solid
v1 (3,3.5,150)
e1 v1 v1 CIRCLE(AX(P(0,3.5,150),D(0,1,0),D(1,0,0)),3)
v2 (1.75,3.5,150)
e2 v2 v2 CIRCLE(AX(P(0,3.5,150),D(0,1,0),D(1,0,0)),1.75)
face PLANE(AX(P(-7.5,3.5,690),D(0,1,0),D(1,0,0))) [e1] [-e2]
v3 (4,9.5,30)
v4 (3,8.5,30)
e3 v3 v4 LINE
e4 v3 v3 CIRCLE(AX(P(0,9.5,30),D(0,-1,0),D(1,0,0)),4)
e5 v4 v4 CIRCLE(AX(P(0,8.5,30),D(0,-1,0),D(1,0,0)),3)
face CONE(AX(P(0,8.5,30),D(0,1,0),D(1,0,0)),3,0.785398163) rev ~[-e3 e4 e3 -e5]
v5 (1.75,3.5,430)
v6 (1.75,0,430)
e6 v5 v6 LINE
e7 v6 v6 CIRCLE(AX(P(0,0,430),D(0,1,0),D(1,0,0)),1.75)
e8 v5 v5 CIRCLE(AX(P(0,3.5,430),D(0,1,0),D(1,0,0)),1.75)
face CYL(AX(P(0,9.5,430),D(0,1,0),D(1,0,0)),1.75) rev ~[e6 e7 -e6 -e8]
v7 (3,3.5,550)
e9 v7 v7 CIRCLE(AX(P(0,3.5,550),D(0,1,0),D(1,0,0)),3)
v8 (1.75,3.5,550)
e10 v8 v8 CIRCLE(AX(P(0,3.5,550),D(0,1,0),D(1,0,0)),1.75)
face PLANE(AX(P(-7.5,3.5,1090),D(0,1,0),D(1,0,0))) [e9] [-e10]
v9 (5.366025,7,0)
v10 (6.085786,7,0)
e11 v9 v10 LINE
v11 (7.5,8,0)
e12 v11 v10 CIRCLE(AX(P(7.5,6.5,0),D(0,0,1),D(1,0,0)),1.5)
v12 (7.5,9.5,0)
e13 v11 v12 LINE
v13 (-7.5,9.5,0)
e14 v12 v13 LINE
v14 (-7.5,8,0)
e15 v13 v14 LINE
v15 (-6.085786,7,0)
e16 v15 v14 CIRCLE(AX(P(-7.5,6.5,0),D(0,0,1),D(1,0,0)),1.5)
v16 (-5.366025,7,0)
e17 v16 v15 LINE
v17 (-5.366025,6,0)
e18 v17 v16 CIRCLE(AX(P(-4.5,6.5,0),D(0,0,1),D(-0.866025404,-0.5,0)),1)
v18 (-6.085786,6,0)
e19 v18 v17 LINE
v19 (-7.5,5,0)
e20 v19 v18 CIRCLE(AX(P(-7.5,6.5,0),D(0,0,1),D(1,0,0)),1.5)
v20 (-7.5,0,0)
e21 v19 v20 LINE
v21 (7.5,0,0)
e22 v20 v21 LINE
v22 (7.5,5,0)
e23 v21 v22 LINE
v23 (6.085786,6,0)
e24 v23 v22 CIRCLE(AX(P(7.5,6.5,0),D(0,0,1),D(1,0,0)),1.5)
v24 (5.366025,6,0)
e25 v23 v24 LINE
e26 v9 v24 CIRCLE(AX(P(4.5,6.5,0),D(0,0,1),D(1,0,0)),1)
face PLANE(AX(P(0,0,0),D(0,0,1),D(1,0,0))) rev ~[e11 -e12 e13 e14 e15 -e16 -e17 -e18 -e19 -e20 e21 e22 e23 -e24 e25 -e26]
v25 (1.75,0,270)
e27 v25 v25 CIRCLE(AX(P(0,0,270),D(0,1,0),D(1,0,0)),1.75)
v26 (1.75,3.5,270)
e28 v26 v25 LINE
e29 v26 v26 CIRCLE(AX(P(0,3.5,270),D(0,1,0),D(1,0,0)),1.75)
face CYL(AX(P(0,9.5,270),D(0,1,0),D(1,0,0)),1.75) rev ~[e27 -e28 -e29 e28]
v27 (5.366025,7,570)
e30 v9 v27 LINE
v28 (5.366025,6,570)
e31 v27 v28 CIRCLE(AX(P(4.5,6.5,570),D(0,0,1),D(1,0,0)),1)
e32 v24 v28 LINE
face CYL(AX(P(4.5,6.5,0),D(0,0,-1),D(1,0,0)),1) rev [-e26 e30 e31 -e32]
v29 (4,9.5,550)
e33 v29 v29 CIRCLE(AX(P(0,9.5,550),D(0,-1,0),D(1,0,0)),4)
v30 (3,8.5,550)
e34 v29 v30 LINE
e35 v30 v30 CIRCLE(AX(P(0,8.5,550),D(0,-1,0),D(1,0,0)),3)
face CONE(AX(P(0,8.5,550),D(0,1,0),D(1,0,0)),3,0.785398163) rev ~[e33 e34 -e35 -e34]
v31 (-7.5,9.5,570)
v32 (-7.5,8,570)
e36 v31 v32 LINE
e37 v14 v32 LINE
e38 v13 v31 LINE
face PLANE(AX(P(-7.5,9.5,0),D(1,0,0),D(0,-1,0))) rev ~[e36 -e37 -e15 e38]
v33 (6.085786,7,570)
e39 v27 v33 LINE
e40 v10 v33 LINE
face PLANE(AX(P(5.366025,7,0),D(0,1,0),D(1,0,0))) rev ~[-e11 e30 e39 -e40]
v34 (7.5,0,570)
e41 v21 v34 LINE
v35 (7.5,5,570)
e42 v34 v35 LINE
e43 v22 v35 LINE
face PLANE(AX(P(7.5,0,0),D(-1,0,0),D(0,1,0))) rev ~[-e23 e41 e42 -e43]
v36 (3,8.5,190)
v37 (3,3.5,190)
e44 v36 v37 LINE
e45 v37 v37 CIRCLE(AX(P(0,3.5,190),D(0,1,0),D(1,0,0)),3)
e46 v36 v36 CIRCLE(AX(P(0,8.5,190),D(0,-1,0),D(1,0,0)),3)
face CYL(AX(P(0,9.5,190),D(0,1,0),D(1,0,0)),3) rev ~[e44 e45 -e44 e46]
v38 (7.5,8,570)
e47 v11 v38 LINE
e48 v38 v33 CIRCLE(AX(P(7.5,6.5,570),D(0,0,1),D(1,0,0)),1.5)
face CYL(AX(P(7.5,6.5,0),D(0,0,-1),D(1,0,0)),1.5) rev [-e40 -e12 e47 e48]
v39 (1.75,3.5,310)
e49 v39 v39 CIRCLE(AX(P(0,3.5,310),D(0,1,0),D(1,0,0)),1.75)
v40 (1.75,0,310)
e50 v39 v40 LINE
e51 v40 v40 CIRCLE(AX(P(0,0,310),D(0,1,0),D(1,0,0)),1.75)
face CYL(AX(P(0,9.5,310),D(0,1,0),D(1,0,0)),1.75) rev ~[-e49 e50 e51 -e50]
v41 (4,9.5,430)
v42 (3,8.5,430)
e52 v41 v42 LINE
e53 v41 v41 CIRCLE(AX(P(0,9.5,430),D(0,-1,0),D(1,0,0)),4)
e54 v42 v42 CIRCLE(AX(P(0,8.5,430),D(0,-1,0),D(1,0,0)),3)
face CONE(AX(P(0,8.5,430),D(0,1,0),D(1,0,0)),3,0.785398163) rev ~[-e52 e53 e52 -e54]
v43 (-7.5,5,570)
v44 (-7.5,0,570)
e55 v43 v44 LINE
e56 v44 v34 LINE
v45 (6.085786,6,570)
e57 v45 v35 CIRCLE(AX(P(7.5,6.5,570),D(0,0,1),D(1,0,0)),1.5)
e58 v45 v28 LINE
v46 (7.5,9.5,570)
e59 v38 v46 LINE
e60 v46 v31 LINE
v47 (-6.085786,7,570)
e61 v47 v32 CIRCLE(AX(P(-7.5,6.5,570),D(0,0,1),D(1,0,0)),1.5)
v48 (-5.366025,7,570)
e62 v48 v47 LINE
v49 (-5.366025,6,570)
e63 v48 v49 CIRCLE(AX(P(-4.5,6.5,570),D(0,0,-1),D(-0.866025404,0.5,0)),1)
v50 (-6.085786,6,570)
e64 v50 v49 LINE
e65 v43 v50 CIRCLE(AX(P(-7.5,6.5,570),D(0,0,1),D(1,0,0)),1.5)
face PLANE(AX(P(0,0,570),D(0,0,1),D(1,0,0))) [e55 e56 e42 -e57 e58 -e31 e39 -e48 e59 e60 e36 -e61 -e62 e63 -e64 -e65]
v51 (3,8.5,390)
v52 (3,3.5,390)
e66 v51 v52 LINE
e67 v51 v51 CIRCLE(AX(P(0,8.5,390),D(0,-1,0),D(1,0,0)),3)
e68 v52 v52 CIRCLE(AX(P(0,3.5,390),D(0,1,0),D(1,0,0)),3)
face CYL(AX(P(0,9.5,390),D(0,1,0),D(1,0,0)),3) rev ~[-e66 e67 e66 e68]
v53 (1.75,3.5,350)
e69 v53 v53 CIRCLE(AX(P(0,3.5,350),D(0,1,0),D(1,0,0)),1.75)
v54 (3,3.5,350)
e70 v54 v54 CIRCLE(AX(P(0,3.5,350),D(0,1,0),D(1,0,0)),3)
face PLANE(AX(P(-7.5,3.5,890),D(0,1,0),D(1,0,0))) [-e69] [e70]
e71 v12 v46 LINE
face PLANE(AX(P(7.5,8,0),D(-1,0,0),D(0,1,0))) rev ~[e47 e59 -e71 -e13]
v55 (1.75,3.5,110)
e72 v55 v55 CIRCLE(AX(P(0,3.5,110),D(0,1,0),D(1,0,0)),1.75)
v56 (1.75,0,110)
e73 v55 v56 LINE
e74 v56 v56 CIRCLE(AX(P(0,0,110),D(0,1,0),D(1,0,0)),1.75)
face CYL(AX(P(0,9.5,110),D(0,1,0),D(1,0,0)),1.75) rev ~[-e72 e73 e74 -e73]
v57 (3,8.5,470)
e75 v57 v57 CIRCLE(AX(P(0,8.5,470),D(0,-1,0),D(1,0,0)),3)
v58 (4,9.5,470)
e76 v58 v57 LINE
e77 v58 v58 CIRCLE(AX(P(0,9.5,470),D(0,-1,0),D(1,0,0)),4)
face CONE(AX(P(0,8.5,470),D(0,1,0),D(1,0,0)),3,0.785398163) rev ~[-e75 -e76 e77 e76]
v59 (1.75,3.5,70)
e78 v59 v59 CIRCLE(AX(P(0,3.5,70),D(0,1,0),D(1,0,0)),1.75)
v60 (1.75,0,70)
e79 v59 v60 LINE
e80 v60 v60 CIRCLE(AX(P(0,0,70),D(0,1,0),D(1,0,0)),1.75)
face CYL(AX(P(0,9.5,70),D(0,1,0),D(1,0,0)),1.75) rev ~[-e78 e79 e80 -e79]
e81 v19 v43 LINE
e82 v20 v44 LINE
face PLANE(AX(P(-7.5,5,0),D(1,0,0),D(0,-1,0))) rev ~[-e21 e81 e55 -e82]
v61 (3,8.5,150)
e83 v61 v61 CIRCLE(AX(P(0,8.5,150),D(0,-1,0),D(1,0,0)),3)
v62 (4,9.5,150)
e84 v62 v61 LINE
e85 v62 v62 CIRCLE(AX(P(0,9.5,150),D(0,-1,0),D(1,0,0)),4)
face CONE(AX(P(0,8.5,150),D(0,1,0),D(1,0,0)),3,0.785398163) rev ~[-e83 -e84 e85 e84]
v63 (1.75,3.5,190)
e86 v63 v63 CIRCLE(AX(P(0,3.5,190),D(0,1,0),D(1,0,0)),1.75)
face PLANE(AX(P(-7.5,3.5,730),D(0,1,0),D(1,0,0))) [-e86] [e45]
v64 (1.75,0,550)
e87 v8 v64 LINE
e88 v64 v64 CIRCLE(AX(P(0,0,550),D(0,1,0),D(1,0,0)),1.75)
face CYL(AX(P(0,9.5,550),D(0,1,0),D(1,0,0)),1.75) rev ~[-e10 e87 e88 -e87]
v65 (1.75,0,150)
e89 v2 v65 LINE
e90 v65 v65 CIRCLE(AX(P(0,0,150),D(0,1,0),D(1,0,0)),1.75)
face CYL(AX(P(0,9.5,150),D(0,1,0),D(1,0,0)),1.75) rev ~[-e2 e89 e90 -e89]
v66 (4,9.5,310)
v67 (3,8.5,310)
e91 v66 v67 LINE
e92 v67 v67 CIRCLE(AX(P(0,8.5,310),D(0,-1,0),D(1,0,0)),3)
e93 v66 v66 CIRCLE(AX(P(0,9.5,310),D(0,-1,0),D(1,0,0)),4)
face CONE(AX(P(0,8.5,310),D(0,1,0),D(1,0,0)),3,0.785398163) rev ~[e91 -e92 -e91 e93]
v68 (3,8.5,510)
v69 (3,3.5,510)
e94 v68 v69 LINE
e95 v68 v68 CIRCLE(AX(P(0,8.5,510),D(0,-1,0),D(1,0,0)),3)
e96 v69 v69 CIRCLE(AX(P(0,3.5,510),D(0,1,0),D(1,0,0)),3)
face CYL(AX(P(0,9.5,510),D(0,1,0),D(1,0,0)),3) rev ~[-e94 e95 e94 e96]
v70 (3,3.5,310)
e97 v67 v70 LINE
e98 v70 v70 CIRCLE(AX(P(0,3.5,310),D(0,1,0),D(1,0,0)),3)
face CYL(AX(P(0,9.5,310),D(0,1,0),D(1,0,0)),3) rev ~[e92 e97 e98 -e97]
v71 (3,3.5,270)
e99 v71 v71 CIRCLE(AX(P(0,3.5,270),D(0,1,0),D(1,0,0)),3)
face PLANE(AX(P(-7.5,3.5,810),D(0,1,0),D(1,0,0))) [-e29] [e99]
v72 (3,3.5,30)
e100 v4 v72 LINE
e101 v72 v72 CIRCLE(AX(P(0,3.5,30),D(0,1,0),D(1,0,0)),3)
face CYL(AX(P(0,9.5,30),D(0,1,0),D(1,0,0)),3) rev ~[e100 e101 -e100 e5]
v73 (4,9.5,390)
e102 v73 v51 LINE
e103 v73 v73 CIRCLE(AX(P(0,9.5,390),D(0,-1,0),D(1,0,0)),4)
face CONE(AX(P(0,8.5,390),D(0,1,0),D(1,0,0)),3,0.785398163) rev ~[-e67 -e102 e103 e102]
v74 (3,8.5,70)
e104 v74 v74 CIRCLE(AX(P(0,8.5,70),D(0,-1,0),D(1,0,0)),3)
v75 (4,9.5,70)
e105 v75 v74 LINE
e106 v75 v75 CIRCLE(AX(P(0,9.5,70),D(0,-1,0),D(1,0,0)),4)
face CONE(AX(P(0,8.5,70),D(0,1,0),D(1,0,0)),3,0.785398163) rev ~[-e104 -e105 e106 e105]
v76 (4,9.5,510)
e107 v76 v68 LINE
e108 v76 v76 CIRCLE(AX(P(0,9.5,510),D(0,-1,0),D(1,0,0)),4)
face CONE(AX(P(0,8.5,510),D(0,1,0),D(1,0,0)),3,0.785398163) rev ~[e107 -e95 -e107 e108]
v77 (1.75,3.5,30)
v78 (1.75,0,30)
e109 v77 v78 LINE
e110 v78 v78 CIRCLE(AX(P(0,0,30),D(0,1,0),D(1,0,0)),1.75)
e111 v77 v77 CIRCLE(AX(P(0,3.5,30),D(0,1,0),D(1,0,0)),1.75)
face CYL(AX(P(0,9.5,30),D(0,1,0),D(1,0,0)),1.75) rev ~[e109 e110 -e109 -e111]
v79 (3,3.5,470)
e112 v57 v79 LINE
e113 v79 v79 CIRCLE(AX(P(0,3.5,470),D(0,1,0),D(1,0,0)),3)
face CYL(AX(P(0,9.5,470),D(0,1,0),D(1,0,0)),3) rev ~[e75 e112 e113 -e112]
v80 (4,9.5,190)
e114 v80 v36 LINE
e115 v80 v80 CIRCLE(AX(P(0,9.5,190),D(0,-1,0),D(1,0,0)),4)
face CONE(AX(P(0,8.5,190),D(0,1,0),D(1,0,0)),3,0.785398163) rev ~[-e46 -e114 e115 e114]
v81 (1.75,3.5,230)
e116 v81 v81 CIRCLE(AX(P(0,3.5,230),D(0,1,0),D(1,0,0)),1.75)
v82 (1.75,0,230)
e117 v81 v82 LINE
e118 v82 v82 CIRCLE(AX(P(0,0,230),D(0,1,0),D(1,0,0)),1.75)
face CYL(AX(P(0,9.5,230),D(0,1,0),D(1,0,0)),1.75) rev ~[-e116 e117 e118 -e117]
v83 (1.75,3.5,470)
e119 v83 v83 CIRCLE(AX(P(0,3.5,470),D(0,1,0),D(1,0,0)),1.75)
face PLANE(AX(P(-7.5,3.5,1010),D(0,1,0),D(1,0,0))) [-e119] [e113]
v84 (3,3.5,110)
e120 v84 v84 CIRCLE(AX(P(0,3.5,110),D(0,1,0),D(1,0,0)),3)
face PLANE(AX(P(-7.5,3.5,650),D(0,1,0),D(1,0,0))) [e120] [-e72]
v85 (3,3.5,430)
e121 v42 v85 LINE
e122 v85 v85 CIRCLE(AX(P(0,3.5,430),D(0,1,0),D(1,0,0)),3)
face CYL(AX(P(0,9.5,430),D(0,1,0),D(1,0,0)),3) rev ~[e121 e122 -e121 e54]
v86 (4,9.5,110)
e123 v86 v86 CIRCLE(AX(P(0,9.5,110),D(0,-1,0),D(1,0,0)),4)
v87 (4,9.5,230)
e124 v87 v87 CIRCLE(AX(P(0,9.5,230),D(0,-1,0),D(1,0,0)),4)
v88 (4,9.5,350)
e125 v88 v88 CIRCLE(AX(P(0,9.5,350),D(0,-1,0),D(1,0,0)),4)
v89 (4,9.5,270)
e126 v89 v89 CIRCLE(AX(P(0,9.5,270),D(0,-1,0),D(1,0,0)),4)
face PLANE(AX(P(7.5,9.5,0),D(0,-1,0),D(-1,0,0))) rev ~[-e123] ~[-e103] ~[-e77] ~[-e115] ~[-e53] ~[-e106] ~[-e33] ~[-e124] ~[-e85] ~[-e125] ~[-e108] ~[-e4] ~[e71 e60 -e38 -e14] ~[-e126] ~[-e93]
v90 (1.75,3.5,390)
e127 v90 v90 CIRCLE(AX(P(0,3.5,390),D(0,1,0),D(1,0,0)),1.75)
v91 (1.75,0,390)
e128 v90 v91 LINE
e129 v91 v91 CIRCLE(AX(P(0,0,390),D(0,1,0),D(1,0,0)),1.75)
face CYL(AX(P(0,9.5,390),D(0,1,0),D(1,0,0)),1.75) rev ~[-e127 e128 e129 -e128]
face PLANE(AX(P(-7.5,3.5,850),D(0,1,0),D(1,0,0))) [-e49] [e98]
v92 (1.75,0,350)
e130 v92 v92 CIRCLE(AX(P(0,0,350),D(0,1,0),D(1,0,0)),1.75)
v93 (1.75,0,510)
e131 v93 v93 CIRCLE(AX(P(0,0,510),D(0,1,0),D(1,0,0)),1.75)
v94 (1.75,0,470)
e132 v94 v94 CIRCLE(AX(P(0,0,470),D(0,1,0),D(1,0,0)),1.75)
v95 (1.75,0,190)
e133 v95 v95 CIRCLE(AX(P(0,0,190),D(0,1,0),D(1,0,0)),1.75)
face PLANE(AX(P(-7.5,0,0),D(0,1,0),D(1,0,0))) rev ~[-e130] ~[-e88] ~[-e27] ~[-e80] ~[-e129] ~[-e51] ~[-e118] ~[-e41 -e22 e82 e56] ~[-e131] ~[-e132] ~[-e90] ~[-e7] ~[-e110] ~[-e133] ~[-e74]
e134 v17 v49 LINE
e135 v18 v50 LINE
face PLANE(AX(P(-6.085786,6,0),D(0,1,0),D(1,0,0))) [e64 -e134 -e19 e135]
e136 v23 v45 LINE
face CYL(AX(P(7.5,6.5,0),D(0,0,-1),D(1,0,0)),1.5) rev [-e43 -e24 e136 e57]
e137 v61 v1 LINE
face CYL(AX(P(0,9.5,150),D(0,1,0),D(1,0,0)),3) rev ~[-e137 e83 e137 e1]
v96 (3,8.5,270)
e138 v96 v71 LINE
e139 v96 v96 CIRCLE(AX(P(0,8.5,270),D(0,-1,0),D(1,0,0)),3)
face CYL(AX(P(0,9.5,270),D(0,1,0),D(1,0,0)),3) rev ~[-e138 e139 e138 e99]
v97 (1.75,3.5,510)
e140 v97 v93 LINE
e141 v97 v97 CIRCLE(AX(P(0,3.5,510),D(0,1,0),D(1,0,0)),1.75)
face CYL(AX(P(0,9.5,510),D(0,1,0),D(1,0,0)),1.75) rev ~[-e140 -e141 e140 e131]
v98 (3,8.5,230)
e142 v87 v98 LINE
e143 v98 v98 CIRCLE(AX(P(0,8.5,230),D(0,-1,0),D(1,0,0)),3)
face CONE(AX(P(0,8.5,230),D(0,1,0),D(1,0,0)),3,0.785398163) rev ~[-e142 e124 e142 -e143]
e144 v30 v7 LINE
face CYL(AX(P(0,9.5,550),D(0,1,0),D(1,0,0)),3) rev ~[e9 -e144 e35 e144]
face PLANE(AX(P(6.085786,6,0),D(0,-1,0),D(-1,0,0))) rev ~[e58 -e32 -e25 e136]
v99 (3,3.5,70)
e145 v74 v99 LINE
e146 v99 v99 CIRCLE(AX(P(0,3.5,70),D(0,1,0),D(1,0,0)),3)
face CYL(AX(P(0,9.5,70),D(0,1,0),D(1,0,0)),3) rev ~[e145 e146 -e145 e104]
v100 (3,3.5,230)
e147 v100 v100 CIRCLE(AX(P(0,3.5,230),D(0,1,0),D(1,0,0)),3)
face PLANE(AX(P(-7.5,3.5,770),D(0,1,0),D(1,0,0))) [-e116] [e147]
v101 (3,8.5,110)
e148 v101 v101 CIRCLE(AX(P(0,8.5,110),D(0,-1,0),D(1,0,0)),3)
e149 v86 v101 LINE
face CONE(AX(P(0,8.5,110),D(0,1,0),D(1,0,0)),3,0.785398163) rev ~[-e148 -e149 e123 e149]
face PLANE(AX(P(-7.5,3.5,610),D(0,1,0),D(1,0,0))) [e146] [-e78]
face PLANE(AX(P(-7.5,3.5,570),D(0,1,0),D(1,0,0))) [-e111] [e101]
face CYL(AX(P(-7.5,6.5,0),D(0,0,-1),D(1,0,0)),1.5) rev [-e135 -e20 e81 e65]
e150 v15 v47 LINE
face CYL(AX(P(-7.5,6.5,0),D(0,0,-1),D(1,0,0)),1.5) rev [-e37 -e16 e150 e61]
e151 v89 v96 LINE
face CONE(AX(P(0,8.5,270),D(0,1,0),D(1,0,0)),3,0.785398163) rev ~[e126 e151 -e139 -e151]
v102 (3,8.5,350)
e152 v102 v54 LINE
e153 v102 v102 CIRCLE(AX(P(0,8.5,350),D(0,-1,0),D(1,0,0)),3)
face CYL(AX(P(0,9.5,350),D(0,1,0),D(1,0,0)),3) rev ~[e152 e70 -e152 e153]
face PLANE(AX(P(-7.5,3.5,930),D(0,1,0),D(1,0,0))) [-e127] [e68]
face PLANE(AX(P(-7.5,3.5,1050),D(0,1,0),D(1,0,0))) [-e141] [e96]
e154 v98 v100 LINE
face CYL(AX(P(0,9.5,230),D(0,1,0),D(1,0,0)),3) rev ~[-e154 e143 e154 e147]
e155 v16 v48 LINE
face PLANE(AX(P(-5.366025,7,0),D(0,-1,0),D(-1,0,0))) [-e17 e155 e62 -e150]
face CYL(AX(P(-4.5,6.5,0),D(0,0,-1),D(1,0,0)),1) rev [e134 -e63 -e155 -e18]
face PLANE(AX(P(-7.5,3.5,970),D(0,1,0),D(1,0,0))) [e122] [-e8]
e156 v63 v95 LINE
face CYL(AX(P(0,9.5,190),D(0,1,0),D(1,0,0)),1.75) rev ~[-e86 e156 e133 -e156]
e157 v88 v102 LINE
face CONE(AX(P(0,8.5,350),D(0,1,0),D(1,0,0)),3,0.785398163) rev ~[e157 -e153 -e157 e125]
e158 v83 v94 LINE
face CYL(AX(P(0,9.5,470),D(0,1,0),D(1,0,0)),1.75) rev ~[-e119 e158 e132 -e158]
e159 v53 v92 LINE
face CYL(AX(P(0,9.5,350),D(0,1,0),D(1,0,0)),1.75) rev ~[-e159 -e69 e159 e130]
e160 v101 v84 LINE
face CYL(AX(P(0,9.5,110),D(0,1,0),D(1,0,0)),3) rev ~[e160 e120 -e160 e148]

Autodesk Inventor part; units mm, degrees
ref_plane "YZ Plane" through (0, 0, 0) normal (1, 0, 0) x (0, 1, 0)
ref_plane "XZ Plane" through (0, 0, 0) normal (0, 1, 0) x (-1, 0, 0)
ref_plane "XY Plane" through (0, 0, 0) normal (0, 0, 1) x (1, 0, 0)
sketch "Skizze1" plane through (0, 0, 0) normal (0, 0, 1) x (1, 0, 0)
  line L0 (0, -1.9) -> (0, 11.4) construction
  line L1 (-7.5, 0) -> (7.5, 0)
  line L2 (7.5, 0) -> (7.5, 9.5)
  line L3 (7.5, 9.5) -> (-7.5, 9.5)
  line L4 (-7.5, 9.5) -> (-7.5, 0)
  circle A0 centre (-7.5, 6.5) radius 1.5
  line L5 (-12.6, 0) -> (12.6, 0) projected
  line L6 (-4.5, 6.5) -> (-7.5, 6.5) construction
  line L7 (-4.5, 7) -> (-7.5, 7)
  line L8 (-7.5, 6) -> (-4.5, 6)
  arc A1 (-4.5, 6) -> (-4.5, 7) centre (-4.5, 6.5) ccw
  arc A2 (-7.5, 7) -> (-7.5, 6) centre (-7.5, 6.5) ccw
  circle A3 centre (-4.5, 6.5) radius 1
  circle A4 centre (7.5, 6.5) radius 1.5
  line L9 (4.5, 7) -> (7.5, 7)
  line L10 (7.5, 6) -> (4.5, 6)
  arc A5 (4.5, 7) -> (4.5, 6) centre (4.5, 6.5) ccw
  circle A6 centre (4.5, 6.5) radius 1
  point P0 (0, 0)
  point P1 (0, 0)
  point P2 (-7.5, 8)
  point P3 (-7.5, 5)
  point P4 (-6, 6.5)
  point P5 (6, 6.5)
  point P6 (-6.0858, 7)
  point P7 (-5.366, 7)
  point P8 (-5.366, 6)
  point P9 (-6.0858, 6)
  point P10 (7.5, 5)
  point P11 (6.0858, 6)
  point P12 (5.366, 6)
  point P13 (5.366, 7)
  point P14 (6.0858, 7)
  point P15 (7.5, 8)
  dimension "d2" = 3
  dimension "d0" = 15
  dimension "d1" = 9.5
  dimension "d3" = 3
  dimension "d6" = 1
  dimension "d7" = 2
extrude "Extrusion1" add sketch "Skizze1" along normal blind 570 contours L4 A0 L8 A3 L7 L3 L2 A4 L9 A6 L10 L1
sketch "Skizze2" plane through (-7.5, 9.5, 570) normal (0, 1, 0) x (1, 0, 0)
  line L0 (-3, 570) -> (18, 570) projected
  line L1 (7.5, 688.8) -> (7.5, -114.8) projected
  circle A0 centre (7.5, 540) radius 3
  circle A1 centre (7.5, 540) radius 1.75
  point P0 (7.5, 570)
  dimension "d8" = 6
  dimension "d9" = 3.5
  dimension "d10" = 30
extrude "Extrusion2" cut sketch "Skizze2" against normal blind 6
extrude "Extrusion3" cut sketch "Skizze2" against normal blind 15 contours A1 L1 | L1 A1
chamfer "Fase1" distance 1 angle 45 1 edges at (-3, 9.5, 30)
pattern_linear "Rechteckige Anordnung1" count 14 spacing 40 along (0, 0, 1) of "Extrusion2", "Extrusion3", "Fase1"
equation "\"d4\" = Raillänge"
equation "\"Raillänge\" = 570"
properties part number "MGN15 Linear Rail 576mm"
